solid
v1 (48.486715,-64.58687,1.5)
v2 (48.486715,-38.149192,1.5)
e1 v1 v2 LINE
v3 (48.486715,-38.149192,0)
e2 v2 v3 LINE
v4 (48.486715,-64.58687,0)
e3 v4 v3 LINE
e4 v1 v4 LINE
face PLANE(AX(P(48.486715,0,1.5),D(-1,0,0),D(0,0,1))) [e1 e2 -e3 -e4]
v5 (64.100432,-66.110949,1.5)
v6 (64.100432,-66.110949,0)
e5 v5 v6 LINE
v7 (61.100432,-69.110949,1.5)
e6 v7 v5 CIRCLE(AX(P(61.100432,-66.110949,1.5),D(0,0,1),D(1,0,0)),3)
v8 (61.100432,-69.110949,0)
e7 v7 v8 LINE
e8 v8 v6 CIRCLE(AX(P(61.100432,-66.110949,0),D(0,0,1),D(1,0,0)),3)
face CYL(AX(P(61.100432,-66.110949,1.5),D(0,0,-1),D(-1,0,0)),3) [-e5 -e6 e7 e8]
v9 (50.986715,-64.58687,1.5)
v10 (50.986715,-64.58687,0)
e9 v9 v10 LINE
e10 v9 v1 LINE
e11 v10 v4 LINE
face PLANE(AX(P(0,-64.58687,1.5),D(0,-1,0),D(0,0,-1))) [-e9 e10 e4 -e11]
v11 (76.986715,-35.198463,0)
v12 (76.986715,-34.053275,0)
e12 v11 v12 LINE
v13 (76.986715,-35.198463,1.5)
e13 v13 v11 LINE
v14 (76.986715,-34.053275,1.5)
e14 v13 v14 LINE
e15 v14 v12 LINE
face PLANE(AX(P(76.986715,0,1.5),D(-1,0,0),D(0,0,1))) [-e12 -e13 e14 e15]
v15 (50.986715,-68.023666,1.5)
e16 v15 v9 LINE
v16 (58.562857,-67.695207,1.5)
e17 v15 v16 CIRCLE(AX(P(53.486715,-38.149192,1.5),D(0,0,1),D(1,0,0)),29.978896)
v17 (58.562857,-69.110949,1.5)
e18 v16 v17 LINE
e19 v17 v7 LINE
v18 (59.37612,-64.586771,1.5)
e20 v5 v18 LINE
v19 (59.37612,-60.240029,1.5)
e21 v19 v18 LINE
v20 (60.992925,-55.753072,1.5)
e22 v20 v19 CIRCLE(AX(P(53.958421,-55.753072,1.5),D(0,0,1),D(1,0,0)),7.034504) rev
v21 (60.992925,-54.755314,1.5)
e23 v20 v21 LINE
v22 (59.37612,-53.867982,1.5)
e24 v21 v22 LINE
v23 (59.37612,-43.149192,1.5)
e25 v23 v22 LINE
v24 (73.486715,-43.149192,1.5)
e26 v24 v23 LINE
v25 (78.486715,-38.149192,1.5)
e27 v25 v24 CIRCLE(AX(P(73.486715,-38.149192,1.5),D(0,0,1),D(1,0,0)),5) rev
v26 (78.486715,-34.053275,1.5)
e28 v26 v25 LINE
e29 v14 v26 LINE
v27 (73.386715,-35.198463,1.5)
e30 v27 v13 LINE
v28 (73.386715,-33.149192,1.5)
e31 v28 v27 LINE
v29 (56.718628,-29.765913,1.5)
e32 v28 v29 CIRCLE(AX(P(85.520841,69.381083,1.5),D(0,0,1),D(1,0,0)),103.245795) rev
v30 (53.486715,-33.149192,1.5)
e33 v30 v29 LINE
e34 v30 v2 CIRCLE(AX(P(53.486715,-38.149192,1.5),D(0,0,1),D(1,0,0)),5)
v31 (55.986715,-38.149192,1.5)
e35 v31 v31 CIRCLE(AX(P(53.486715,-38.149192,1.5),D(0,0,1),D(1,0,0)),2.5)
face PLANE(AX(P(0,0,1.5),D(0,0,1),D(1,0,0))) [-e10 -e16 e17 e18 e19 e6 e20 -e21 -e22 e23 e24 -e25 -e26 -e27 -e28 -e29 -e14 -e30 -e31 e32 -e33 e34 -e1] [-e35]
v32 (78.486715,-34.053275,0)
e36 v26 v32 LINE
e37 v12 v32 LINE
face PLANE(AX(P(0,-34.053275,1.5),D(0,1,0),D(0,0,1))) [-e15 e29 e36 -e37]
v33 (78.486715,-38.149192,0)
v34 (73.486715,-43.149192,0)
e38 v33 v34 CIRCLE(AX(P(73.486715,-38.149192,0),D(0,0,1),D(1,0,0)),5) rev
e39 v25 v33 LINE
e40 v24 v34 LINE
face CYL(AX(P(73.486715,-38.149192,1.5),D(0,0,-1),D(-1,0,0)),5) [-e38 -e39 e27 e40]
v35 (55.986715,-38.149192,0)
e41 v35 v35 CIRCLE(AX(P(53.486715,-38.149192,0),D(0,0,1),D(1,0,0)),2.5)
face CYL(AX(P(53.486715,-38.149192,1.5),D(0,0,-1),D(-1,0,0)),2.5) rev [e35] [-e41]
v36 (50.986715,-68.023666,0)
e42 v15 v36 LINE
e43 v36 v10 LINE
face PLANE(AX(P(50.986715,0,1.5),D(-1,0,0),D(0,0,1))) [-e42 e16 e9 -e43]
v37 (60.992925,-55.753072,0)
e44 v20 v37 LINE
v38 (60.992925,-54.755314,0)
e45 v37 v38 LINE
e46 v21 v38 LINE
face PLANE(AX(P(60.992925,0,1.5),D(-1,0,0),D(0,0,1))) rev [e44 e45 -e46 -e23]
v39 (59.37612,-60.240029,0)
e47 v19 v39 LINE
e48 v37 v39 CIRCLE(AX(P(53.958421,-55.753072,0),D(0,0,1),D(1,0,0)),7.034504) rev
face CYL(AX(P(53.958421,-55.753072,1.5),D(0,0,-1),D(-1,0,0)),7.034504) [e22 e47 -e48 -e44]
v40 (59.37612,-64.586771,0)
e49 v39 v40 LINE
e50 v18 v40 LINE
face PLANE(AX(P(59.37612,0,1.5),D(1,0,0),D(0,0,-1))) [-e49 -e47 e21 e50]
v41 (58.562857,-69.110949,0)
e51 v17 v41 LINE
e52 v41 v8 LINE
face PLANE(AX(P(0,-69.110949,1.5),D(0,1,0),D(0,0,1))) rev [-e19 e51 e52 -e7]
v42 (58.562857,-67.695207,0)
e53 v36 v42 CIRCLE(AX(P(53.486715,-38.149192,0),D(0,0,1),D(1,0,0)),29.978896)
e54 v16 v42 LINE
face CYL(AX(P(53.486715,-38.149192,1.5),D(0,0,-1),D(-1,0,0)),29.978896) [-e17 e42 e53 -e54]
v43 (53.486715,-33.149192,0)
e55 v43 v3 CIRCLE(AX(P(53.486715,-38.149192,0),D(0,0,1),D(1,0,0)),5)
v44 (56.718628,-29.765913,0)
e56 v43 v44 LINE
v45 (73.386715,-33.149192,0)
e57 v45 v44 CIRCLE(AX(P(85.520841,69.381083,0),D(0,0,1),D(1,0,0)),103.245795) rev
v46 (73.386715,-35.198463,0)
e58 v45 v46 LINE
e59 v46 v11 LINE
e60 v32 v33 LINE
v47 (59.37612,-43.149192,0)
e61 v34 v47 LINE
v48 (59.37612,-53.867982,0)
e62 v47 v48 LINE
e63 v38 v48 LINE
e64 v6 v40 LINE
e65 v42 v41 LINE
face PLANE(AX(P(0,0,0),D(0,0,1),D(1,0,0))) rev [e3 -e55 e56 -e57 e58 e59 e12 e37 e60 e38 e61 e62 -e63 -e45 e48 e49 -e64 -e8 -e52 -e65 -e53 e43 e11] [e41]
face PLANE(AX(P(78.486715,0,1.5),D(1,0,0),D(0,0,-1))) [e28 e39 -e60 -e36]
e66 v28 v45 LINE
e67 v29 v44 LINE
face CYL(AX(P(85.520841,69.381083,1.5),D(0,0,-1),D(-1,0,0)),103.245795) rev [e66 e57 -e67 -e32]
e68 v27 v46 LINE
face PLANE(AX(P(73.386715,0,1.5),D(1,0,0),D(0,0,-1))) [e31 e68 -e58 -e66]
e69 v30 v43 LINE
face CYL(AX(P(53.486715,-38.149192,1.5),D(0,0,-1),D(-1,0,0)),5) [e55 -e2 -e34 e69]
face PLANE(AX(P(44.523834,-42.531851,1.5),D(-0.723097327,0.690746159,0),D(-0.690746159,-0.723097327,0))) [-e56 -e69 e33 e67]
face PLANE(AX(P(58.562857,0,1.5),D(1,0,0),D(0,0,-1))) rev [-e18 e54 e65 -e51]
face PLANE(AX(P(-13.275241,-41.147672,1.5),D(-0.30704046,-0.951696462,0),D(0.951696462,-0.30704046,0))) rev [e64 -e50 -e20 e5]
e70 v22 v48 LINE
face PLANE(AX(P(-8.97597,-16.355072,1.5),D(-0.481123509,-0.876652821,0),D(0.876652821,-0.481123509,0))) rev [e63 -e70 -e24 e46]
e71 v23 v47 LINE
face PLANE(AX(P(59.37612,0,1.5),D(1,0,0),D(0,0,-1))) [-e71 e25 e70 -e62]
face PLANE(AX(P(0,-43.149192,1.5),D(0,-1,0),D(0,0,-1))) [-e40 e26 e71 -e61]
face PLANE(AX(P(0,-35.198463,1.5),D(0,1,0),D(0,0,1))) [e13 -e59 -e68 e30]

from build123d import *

# Parameters (mm, degrees)
SKETCH_1_R      = 2.5
EXTRUDE_1_DEPTH = 1.5


with BuildPart() as part:
    # 스케치1 → 보스-돌출1 (new body)
    with BuildSketch(Plane.XY):
        with BuildLine():
            Line((58.562856649, -69.110949309), (61.100431709, -69.110949309))
            ThreePointArc((61.100431709, -69.110949309), (63.221752053, -68.232269653), (64.100431709, -66.110949309))
            Line((64.100431709, -66.110949309), (59.376120264, -64.586771365))
            Line((59.376120264, -64.586771365), (59.376120264, -60.240028533))
            ThreePointArc((59.376120264, -60.240028533), (60.576391584, -58.13775418), (60.992924776, -55.753072063))
            Line((60.992924776, -55.753072063), (60.992924776, -54.755314285))
            Line((60.992924776, -54.755314285), (59.376120264, -53.867981647))
            Line((59.376120264, -53.867981647), (59.376120264, -43.149191929))
            Line((59.376120264, -43.149191929), (73.486715323, -43.149191929))
            ThreePointArc((73.486715323, -43.149191929), (77.022249229, -41.684725835), (78.486715323, -38.149191929))
            Line((78.486715323, -38.149191929), (78.486715323, -34.05327534))
            Line((78.486715323, -34.05327534), (76.986715323, -34.05327534))
            Line((76.986715323, -34.05327534), (76.986715323, -35.198463464))
            Line((76.986715323, -35.198463464), (73.386715323, -35.198463464))
            Line((73.386715323, -35.198463464), (73.386715323, -33.149191929))
            ThreePointArc((73.386715323, -33.149191929), (64.982885636, -31.8013595), (56.718627509, -29.765912799))
            Line((56.718627509, -29.765912799), (53.486715323, -33.149191929))
            ThreePointArc((53.486715323, -33.149191929), (49.951181417, -34.613658023), (48.486715323, -38.149191929))
            Line((48.486715323, -38.149191929), (48.486715323, -64.586869755))
            Line((48.486715323, -64.586869755), (50.986715323, -64.586869755))
            Line((50.986715323, -64.586869755), (50.986715323, -68.023666262))
            ThreePointArc((50.986715323, -68.023666262), (54.785213458, -68.09995351), (58.562856649, -67.695206989))
            Line((58.562856649, -67.695206989), (58.562856649, -69.110949309))
        make_face()
        with Locations((53.486715323, -38.149191929)):
            Circle(SKETCH_1_R, mode=Mode.SUBTRACT)
    extrude(amount=EXTRUDE_1_DEPTH)


solid = part.part
